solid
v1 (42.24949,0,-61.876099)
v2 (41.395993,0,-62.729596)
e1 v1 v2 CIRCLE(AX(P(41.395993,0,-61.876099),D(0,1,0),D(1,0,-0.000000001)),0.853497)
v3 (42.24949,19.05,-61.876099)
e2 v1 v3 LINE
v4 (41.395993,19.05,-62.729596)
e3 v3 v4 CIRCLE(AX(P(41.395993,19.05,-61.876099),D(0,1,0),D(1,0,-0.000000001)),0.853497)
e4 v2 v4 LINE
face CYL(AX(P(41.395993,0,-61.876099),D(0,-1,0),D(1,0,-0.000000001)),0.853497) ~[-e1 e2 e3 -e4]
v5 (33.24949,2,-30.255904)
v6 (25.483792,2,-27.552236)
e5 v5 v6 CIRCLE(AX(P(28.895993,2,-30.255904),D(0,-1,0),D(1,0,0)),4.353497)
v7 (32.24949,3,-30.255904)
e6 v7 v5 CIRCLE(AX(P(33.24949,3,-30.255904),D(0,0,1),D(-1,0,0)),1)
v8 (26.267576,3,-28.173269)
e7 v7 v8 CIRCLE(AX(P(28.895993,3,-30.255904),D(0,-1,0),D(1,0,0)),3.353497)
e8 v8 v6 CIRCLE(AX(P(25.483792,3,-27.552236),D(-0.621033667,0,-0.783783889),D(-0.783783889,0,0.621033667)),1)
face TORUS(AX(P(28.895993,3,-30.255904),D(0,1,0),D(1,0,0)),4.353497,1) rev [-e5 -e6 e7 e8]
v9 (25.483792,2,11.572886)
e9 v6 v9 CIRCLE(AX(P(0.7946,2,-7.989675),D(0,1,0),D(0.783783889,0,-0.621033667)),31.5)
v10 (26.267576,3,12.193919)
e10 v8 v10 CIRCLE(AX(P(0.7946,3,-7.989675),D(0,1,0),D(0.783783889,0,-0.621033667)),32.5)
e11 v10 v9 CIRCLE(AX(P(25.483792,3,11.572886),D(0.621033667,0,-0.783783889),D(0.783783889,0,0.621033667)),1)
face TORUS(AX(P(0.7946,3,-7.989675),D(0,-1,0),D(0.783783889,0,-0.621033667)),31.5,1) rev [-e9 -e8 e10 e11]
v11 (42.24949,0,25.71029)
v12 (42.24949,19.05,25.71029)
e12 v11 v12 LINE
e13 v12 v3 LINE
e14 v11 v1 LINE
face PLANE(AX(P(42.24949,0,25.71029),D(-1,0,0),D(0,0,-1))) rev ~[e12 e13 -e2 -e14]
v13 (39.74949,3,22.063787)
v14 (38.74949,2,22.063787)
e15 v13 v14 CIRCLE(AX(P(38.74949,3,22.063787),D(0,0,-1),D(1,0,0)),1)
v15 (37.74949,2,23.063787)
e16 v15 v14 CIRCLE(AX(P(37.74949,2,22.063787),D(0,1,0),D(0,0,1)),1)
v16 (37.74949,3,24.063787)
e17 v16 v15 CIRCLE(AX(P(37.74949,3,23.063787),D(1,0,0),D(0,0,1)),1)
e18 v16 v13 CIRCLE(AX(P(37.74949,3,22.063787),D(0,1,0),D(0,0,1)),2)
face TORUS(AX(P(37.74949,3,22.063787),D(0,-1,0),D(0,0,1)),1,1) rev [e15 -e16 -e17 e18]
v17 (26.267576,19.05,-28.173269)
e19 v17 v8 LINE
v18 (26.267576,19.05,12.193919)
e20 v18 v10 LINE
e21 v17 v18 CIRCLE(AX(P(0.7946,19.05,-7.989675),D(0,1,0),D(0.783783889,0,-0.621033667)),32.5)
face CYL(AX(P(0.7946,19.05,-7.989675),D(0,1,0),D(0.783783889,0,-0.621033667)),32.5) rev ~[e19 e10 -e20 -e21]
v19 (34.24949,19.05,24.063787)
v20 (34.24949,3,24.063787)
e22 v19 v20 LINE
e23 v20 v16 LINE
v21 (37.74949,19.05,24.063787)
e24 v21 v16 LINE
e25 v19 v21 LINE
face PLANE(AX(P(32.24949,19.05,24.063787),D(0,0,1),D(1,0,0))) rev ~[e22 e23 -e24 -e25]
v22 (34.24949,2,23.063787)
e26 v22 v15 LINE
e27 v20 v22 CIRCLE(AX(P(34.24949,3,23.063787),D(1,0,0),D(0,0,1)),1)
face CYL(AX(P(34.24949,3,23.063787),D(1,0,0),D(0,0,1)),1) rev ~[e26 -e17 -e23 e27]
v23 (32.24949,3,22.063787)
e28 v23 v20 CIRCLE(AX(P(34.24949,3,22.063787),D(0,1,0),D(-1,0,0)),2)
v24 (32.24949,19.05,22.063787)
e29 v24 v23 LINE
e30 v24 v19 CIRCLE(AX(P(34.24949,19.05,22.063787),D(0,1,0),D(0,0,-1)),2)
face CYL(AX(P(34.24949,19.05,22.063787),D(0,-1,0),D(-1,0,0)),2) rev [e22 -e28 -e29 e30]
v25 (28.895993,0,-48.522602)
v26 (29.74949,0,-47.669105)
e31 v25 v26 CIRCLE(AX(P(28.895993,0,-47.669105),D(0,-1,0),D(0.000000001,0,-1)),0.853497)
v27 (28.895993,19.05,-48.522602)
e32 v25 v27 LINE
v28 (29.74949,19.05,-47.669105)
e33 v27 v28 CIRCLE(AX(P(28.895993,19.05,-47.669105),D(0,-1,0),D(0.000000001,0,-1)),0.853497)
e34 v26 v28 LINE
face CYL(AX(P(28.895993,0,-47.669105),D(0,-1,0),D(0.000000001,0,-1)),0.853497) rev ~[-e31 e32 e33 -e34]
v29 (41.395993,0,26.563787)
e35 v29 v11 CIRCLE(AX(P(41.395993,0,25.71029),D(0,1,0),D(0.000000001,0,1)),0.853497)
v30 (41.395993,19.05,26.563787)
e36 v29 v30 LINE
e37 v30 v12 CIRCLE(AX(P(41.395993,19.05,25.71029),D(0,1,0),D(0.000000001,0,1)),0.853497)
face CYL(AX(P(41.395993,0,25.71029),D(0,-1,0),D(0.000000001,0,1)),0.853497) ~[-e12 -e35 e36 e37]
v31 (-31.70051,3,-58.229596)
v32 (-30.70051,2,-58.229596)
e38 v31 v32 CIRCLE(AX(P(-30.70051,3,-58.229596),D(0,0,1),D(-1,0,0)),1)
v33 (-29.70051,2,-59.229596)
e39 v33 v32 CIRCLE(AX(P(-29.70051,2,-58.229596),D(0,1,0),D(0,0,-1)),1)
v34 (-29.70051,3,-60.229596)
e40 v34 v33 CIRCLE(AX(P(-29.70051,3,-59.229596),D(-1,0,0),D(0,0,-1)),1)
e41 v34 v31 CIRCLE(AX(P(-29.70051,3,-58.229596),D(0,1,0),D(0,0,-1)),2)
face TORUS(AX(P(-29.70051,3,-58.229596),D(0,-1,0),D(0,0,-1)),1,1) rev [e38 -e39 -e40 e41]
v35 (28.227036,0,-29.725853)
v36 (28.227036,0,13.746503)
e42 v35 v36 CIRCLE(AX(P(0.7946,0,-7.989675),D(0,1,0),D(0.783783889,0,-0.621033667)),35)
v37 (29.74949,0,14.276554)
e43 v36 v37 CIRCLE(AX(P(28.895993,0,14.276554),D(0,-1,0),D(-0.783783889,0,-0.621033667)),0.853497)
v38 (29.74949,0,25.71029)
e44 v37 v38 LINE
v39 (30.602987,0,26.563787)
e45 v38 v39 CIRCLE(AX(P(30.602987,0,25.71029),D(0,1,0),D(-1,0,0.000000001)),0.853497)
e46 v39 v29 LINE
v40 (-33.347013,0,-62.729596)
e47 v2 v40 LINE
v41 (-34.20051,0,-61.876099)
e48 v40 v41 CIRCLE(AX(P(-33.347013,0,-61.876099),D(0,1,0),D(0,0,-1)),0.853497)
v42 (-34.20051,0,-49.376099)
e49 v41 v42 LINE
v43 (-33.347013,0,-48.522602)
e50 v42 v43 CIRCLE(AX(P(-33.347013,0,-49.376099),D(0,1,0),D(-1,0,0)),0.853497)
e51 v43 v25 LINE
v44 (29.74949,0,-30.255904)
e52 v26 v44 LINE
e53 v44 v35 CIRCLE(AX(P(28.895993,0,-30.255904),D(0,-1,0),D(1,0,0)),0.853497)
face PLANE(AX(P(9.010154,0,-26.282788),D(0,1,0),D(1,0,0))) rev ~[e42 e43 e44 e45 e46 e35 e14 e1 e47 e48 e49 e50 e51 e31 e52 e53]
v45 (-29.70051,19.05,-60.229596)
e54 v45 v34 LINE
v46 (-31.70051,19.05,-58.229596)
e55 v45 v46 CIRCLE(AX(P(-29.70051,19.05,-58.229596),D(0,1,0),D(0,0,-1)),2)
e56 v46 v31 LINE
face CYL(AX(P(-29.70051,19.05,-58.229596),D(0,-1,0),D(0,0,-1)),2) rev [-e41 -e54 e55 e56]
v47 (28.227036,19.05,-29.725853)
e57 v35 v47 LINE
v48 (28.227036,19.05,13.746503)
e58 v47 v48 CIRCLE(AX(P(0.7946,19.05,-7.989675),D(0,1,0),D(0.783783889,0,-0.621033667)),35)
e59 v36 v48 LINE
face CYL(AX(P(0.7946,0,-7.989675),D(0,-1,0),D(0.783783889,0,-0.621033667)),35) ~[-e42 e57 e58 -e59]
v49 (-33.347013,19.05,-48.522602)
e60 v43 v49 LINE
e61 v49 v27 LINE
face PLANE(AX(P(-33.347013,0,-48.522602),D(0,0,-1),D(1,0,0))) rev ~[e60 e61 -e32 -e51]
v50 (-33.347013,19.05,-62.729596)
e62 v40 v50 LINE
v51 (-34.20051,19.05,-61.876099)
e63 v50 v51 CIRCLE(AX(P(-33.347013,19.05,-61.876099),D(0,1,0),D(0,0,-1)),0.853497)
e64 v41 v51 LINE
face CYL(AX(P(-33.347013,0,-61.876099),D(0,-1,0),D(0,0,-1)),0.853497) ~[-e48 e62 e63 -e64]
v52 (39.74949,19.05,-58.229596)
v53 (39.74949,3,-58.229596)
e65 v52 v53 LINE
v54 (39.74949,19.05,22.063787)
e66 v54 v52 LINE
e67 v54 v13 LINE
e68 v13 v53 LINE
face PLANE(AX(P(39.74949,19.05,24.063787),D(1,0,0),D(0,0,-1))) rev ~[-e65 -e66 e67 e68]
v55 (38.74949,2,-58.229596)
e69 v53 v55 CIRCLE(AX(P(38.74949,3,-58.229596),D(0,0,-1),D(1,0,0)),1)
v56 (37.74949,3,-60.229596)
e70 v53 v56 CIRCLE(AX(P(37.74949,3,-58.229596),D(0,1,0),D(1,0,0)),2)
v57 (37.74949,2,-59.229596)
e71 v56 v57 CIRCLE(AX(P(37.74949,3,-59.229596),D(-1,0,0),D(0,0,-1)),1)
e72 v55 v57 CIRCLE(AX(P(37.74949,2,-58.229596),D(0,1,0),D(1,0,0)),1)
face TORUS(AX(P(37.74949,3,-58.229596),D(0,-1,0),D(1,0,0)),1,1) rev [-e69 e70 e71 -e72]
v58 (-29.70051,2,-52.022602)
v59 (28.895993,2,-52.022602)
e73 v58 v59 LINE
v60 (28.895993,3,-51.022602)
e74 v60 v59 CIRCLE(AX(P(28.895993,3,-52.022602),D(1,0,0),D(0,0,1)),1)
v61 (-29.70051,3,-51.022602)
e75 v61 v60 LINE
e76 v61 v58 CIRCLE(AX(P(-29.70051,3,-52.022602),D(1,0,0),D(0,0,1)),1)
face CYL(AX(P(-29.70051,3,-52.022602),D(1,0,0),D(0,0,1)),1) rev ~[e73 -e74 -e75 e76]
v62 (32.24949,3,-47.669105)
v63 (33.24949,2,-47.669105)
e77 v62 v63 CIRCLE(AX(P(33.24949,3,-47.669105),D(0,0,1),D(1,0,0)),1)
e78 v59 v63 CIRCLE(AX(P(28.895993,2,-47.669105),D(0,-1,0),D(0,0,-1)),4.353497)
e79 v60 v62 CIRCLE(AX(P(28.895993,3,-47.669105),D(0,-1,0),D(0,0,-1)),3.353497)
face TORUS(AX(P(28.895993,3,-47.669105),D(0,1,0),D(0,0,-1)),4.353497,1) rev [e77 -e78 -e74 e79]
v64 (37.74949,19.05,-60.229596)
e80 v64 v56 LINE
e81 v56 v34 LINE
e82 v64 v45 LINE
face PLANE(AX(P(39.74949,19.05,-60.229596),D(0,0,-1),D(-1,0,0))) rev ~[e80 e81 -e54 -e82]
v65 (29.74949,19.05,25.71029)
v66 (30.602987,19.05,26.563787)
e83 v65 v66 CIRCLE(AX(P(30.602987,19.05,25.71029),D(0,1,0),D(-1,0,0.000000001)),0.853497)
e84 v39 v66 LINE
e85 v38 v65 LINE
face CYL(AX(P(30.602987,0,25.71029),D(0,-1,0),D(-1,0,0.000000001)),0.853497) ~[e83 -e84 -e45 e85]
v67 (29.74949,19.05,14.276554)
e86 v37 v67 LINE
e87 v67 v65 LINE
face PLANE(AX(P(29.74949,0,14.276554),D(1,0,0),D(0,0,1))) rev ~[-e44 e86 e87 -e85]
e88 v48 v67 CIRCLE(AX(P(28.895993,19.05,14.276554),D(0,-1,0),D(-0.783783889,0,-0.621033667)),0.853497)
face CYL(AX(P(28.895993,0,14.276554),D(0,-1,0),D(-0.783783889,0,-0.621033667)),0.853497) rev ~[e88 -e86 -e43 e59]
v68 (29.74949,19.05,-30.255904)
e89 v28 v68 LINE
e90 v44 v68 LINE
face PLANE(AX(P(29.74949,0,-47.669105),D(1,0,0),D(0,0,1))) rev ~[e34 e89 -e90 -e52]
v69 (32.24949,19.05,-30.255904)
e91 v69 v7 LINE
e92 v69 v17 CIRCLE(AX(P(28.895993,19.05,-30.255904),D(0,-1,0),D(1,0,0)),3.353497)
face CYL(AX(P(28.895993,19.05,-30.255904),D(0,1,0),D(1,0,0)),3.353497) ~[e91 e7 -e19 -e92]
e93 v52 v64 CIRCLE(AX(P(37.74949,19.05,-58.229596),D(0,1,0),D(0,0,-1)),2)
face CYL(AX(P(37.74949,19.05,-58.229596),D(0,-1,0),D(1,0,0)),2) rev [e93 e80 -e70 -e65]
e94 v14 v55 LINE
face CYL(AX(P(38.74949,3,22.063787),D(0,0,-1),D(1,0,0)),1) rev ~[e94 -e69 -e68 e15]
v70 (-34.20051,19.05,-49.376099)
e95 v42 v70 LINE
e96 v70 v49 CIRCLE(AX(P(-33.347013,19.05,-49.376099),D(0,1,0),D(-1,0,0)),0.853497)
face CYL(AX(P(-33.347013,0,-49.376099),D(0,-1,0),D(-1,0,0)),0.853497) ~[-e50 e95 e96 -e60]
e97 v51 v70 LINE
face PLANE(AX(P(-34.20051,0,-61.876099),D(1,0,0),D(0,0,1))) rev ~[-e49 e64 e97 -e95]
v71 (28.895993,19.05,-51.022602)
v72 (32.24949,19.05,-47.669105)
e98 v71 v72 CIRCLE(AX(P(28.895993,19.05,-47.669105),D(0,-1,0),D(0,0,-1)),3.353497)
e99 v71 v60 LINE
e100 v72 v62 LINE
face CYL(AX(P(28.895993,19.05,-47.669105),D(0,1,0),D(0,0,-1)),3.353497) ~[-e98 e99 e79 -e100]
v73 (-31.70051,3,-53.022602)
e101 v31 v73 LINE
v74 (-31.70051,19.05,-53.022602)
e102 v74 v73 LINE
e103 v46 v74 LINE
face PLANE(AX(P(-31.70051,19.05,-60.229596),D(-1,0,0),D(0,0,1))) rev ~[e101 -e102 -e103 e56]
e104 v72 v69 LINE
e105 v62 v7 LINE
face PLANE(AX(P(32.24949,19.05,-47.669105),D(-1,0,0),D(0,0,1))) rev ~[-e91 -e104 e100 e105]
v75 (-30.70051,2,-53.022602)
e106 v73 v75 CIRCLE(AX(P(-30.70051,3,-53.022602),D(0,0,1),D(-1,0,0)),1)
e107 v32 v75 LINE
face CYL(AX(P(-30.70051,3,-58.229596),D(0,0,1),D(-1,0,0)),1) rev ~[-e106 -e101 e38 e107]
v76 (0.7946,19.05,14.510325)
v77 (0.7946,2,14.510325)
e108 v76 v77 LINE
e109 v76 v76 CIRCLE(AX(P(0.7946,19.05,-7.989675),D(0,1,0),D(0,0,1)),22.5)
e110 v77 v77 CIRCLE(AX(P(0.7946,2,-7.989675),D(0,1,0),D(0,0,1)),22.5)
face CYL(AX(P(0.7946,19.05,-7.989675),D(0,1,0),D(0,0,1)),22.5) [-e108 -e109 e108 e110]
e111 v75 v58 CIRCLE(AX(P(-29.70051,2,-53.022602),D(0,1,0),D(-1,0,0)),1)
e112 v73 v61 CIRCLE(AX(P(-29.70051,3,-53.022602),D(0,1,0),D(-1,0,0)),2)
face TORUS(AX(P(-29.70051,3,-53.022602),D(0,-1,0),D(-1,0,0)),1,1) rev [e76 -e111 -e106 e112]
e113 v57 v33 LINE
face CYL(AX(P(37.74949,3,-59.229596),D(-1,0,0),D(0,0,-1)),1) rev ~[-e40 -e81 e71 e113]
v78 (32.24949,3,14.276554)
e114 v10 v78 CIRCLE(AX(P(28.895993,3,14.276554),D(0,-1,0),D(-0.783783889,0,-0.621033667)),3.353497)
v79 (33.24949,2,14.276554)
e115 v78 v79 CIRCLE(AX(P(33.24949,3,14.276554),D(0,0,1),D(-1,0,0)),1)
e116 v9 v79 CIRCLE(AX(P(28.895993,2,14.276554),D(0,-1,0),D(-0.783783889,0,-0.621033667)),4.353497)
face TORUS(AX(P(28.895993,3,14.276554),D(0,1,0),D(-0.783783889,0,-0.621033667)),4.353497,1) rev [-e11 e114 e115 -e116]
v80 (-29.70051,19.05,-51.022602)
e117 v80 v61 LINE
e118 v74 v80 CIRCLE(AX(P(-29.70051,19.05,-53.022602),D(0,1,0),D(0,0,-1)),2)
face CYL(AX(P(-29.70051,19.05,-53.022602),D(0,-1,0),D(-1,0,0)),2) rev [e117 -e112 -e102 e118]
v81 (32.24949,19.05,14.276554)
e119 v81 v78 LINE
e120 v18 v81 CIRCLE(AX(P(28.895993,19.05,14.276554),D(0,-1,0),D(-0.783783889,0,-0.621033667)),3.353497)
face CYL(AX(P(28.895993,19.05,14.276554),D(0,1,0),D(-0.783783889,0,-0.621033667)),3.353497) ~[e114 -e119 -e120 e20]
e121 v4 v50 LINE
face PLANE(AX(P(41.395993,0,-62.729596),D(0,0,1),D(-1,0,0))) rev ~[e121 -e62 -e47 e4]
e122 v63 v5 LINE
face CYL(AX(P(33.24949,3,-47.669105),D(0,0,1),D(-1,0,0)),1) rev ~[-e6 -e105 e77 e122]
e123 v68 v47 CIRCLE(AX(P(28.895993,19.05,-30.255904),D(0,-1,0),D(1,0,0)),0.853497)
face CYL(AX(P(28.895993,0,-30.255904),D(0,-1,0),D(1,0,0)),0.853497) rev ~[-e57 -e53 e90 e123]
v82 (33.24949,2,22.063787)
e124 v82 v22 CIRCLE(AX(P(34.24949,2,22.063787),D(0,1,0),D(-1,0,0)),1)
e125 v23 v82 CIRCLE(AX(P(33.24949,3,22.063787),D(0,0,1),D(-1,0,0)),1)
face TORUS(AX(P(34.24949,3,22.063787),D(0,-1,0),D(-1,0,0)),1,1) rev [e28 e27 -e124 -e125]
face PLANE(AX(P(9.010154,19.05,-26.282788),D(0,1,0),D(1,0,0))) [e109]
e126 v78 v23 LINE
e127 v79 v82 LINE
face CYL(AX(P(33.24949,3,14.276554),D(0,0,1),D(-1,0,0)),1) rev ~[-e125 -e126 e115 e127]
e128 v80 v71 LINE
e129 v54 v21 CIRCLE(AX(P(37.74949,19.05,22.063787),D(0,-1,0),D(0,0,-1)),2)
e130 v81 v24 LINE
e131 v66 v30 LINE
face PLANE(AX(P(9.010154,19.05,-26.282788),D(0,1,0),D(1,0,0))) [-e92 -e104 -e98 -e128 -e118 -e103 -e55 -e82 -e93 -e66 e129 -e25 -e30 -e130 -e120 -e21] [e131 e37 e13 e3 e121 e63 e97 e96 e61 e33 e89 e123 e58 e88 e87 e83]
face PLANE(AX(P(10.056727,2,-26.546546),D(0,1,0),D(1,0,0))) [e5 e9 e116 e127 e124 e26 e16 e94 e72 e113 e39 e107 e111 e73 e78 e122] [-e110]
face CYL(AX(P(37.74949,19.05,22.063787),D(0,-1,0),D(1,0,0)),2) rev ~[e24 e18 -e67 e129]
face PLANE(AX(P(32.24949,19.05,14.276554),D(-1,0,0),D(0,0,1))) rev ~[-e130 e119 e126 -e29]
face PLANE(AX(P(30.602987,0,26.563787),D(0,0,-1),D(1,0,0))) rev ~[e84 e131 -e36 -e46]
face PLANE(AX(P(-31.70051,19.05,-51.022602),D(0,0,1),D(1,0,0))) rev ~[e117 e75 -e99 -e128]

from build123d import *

# Parameters (mm, degrees)
BOSS_EXTRUDE1_DEPTH = 19.05
SKETCH2_R           = 22.5
CUT_EXTRUDE1_DEPTH  = 17.05
FILLET1_R           = 2
FILLET2_R           = 1


with BuildPart() as part:
    # Sketch1 → Boss-Extrude1 (new body)
    with BuildSketch(Plane(origin=(0, 0, 0), x_dir=(1, 0, 0), z_dir=(0, 1, 0))):
        with BuildLine():
            Line((30.602986827, -26.563786798), (41.395992873, -26.563786798))
            ThreePointArc((41.395992873, -26.563786798), (41.999506373, -26.313803321), (42.24948985, -25.710289821))
            Line((42.24948985, -25.710289821), (42.24948985, 54.289710179))
            Line((42.24948985, 54.289710179), (42.24948985, 61.876099251))
            ThreePointArc((42.24948985, 61.876099251), (41.999506373, 62.479612751), (41.395992873, 62.729596228))
            Line((41.395992873, 62.729596228), (-33.347013177, 62.729596228))
            ThreePointArc((-33.347013177, 62.729596228), (-33.950526677, 62.479612751), (-34.200510153, 61.876099251))
            Line((-34.200510153, 61.876099251), (-34.200510153, 49.376099251))
            ThreePointArc((-34.200510153, 49.376099251), (-33.950526677, 48.772585752), (-33.347013177, 48.522602275))
            Line((-33.347013177, 48.522602275), (28.895992873, 48.522602275))
            ThreePointArc((28.895992873, 48.522602275), (29.499506373, 48.272618798), (29.74948985, 47.669105298))
            Line((29.74948985, 47.669105298), (29.74948985, 30.255903719))
            ThreePointArc((29.74948985, 30.255903719), (29.176620882, 29.44986091), (28.227035694, 29.725853361))
            ThreePointArc((28.227035694, 29.725853361), (-34.205400414, 7.989675013), (28.227035694, -13.746503336))
            ThreePointArc((28.227035694, -13.746503336), (29.176620882, -13.470510884), (29.74948985, -14.276553693))
            Line((29.74948985, -14.276553693), (29.74948985, -25.710289821))
            ThreePointArc((29.74948985, -25.710289821), (29.999473327, -26.313803321), (30.602986827, -26.563786798))
        make_face()
    extrude(amount=BOSS_EXTRUDE1_DEPTH)

    # Sketch2 → Cut-Extrude1 (cut)
    with BuildSketch(Plane(origin=(0, 19.05, 0), x_dir=(1, 0, 0), z_dir=(0, 1, 0))):
        with BuildLine():
            Line((39.74948985, -24.063786798), (39.74948985, 60.229596228))
            Line((39.74948985, 60.229596228), (-31.700510153, 60.229596228))
            Line((-31.700510153, 60.229596228), (-31.700510153, 51.022602275))
            Line((-31.700510153, 51.022602275), (28.895992873, 51.022602275))
            ThreePointArc((28.895992873, 51.022602275), (31.267273326, 50.040385751), (32.24948985, 47.669105298))
            Line((32.24948985, 47.669105298), (32.24948985, 30.255903719))
            ThreePointArc((32.24948985, 30.255903719), (29.998615619, 27.088860136), (26.267575972, 28.173269194))
            ThreePointArc((26.267575972, 28.173269194), (-31.705400414, 7.989675013), (26.267575972, -12.193919168))
            ThreePointArc((26.267575972, -12.193919168), (29.998615619, -11.109510111), (32.24948985, -14.276553693))
            Line((32.24948985, -14.276553693), (32.24948985, -24.063786798))
            Line((32.24948985, -24.063786798), (39.74948985, -24.063786798))
        make_face()
        with Locations(Location((0.794599586, 7.989675013, 0), (0, 0, 270))):
            Circle(SKETCH2_R, mode=Mode.SUBTRACT)
    extrude(amount=-CUT_EXTRUDE1_DEPTH, mode=Mode.SUBTRACT)

    # Fillet1
    fillet1_edges = [part.edges().sort_by_distance(p)[0] for p in [
        (39.74948985, 10.525, 24.063786798),
        (32.24948985, 10.525, 24.063786798),
        (-31.700510153, 10.525, -51.022602275),
        (-31.700510153, 10.525, -60.229596228),
        (39.74948985, 10.525, -60.229596228),
    ]]
    fillet(fillet1_edges, radius=FILLET1_R)

    # Fillet2
    fillet2_edges = [part.edges().sort_by_distance(p)[0] for p in [
        (32.24948985, 2, 18.170170245),
        (29.998615619, 2, 11.109510111),
        (-31.705400414, 2, -7.989675013),
        (29.998615619, 2, -27.088860136),
        (32.24948985, 2, -38.962504508),
        (31.267273326, 2, -50.040385751),
        (35.99948985, 2, 24.063786798),
        (39.74948985, 2, -18.082904715),
        (4.024489848, 2, -60.229596228),
        (-31.700510153, 2, -55.626099251),
        (-0.40225864, 2, -51.022602275),
        (39.163703412, 2, -59.64380979),
        (-31.114723716, 2, -59.64380979),
        (-31.114723716, 2, -51.608388712),
        (39.163703412, 2, 23.47800036),
        (32.835276288, 2, 23.47800036),
    ]]
    fillet(fillet2_edges, radius=FILLET2_R)


solid = part.part
